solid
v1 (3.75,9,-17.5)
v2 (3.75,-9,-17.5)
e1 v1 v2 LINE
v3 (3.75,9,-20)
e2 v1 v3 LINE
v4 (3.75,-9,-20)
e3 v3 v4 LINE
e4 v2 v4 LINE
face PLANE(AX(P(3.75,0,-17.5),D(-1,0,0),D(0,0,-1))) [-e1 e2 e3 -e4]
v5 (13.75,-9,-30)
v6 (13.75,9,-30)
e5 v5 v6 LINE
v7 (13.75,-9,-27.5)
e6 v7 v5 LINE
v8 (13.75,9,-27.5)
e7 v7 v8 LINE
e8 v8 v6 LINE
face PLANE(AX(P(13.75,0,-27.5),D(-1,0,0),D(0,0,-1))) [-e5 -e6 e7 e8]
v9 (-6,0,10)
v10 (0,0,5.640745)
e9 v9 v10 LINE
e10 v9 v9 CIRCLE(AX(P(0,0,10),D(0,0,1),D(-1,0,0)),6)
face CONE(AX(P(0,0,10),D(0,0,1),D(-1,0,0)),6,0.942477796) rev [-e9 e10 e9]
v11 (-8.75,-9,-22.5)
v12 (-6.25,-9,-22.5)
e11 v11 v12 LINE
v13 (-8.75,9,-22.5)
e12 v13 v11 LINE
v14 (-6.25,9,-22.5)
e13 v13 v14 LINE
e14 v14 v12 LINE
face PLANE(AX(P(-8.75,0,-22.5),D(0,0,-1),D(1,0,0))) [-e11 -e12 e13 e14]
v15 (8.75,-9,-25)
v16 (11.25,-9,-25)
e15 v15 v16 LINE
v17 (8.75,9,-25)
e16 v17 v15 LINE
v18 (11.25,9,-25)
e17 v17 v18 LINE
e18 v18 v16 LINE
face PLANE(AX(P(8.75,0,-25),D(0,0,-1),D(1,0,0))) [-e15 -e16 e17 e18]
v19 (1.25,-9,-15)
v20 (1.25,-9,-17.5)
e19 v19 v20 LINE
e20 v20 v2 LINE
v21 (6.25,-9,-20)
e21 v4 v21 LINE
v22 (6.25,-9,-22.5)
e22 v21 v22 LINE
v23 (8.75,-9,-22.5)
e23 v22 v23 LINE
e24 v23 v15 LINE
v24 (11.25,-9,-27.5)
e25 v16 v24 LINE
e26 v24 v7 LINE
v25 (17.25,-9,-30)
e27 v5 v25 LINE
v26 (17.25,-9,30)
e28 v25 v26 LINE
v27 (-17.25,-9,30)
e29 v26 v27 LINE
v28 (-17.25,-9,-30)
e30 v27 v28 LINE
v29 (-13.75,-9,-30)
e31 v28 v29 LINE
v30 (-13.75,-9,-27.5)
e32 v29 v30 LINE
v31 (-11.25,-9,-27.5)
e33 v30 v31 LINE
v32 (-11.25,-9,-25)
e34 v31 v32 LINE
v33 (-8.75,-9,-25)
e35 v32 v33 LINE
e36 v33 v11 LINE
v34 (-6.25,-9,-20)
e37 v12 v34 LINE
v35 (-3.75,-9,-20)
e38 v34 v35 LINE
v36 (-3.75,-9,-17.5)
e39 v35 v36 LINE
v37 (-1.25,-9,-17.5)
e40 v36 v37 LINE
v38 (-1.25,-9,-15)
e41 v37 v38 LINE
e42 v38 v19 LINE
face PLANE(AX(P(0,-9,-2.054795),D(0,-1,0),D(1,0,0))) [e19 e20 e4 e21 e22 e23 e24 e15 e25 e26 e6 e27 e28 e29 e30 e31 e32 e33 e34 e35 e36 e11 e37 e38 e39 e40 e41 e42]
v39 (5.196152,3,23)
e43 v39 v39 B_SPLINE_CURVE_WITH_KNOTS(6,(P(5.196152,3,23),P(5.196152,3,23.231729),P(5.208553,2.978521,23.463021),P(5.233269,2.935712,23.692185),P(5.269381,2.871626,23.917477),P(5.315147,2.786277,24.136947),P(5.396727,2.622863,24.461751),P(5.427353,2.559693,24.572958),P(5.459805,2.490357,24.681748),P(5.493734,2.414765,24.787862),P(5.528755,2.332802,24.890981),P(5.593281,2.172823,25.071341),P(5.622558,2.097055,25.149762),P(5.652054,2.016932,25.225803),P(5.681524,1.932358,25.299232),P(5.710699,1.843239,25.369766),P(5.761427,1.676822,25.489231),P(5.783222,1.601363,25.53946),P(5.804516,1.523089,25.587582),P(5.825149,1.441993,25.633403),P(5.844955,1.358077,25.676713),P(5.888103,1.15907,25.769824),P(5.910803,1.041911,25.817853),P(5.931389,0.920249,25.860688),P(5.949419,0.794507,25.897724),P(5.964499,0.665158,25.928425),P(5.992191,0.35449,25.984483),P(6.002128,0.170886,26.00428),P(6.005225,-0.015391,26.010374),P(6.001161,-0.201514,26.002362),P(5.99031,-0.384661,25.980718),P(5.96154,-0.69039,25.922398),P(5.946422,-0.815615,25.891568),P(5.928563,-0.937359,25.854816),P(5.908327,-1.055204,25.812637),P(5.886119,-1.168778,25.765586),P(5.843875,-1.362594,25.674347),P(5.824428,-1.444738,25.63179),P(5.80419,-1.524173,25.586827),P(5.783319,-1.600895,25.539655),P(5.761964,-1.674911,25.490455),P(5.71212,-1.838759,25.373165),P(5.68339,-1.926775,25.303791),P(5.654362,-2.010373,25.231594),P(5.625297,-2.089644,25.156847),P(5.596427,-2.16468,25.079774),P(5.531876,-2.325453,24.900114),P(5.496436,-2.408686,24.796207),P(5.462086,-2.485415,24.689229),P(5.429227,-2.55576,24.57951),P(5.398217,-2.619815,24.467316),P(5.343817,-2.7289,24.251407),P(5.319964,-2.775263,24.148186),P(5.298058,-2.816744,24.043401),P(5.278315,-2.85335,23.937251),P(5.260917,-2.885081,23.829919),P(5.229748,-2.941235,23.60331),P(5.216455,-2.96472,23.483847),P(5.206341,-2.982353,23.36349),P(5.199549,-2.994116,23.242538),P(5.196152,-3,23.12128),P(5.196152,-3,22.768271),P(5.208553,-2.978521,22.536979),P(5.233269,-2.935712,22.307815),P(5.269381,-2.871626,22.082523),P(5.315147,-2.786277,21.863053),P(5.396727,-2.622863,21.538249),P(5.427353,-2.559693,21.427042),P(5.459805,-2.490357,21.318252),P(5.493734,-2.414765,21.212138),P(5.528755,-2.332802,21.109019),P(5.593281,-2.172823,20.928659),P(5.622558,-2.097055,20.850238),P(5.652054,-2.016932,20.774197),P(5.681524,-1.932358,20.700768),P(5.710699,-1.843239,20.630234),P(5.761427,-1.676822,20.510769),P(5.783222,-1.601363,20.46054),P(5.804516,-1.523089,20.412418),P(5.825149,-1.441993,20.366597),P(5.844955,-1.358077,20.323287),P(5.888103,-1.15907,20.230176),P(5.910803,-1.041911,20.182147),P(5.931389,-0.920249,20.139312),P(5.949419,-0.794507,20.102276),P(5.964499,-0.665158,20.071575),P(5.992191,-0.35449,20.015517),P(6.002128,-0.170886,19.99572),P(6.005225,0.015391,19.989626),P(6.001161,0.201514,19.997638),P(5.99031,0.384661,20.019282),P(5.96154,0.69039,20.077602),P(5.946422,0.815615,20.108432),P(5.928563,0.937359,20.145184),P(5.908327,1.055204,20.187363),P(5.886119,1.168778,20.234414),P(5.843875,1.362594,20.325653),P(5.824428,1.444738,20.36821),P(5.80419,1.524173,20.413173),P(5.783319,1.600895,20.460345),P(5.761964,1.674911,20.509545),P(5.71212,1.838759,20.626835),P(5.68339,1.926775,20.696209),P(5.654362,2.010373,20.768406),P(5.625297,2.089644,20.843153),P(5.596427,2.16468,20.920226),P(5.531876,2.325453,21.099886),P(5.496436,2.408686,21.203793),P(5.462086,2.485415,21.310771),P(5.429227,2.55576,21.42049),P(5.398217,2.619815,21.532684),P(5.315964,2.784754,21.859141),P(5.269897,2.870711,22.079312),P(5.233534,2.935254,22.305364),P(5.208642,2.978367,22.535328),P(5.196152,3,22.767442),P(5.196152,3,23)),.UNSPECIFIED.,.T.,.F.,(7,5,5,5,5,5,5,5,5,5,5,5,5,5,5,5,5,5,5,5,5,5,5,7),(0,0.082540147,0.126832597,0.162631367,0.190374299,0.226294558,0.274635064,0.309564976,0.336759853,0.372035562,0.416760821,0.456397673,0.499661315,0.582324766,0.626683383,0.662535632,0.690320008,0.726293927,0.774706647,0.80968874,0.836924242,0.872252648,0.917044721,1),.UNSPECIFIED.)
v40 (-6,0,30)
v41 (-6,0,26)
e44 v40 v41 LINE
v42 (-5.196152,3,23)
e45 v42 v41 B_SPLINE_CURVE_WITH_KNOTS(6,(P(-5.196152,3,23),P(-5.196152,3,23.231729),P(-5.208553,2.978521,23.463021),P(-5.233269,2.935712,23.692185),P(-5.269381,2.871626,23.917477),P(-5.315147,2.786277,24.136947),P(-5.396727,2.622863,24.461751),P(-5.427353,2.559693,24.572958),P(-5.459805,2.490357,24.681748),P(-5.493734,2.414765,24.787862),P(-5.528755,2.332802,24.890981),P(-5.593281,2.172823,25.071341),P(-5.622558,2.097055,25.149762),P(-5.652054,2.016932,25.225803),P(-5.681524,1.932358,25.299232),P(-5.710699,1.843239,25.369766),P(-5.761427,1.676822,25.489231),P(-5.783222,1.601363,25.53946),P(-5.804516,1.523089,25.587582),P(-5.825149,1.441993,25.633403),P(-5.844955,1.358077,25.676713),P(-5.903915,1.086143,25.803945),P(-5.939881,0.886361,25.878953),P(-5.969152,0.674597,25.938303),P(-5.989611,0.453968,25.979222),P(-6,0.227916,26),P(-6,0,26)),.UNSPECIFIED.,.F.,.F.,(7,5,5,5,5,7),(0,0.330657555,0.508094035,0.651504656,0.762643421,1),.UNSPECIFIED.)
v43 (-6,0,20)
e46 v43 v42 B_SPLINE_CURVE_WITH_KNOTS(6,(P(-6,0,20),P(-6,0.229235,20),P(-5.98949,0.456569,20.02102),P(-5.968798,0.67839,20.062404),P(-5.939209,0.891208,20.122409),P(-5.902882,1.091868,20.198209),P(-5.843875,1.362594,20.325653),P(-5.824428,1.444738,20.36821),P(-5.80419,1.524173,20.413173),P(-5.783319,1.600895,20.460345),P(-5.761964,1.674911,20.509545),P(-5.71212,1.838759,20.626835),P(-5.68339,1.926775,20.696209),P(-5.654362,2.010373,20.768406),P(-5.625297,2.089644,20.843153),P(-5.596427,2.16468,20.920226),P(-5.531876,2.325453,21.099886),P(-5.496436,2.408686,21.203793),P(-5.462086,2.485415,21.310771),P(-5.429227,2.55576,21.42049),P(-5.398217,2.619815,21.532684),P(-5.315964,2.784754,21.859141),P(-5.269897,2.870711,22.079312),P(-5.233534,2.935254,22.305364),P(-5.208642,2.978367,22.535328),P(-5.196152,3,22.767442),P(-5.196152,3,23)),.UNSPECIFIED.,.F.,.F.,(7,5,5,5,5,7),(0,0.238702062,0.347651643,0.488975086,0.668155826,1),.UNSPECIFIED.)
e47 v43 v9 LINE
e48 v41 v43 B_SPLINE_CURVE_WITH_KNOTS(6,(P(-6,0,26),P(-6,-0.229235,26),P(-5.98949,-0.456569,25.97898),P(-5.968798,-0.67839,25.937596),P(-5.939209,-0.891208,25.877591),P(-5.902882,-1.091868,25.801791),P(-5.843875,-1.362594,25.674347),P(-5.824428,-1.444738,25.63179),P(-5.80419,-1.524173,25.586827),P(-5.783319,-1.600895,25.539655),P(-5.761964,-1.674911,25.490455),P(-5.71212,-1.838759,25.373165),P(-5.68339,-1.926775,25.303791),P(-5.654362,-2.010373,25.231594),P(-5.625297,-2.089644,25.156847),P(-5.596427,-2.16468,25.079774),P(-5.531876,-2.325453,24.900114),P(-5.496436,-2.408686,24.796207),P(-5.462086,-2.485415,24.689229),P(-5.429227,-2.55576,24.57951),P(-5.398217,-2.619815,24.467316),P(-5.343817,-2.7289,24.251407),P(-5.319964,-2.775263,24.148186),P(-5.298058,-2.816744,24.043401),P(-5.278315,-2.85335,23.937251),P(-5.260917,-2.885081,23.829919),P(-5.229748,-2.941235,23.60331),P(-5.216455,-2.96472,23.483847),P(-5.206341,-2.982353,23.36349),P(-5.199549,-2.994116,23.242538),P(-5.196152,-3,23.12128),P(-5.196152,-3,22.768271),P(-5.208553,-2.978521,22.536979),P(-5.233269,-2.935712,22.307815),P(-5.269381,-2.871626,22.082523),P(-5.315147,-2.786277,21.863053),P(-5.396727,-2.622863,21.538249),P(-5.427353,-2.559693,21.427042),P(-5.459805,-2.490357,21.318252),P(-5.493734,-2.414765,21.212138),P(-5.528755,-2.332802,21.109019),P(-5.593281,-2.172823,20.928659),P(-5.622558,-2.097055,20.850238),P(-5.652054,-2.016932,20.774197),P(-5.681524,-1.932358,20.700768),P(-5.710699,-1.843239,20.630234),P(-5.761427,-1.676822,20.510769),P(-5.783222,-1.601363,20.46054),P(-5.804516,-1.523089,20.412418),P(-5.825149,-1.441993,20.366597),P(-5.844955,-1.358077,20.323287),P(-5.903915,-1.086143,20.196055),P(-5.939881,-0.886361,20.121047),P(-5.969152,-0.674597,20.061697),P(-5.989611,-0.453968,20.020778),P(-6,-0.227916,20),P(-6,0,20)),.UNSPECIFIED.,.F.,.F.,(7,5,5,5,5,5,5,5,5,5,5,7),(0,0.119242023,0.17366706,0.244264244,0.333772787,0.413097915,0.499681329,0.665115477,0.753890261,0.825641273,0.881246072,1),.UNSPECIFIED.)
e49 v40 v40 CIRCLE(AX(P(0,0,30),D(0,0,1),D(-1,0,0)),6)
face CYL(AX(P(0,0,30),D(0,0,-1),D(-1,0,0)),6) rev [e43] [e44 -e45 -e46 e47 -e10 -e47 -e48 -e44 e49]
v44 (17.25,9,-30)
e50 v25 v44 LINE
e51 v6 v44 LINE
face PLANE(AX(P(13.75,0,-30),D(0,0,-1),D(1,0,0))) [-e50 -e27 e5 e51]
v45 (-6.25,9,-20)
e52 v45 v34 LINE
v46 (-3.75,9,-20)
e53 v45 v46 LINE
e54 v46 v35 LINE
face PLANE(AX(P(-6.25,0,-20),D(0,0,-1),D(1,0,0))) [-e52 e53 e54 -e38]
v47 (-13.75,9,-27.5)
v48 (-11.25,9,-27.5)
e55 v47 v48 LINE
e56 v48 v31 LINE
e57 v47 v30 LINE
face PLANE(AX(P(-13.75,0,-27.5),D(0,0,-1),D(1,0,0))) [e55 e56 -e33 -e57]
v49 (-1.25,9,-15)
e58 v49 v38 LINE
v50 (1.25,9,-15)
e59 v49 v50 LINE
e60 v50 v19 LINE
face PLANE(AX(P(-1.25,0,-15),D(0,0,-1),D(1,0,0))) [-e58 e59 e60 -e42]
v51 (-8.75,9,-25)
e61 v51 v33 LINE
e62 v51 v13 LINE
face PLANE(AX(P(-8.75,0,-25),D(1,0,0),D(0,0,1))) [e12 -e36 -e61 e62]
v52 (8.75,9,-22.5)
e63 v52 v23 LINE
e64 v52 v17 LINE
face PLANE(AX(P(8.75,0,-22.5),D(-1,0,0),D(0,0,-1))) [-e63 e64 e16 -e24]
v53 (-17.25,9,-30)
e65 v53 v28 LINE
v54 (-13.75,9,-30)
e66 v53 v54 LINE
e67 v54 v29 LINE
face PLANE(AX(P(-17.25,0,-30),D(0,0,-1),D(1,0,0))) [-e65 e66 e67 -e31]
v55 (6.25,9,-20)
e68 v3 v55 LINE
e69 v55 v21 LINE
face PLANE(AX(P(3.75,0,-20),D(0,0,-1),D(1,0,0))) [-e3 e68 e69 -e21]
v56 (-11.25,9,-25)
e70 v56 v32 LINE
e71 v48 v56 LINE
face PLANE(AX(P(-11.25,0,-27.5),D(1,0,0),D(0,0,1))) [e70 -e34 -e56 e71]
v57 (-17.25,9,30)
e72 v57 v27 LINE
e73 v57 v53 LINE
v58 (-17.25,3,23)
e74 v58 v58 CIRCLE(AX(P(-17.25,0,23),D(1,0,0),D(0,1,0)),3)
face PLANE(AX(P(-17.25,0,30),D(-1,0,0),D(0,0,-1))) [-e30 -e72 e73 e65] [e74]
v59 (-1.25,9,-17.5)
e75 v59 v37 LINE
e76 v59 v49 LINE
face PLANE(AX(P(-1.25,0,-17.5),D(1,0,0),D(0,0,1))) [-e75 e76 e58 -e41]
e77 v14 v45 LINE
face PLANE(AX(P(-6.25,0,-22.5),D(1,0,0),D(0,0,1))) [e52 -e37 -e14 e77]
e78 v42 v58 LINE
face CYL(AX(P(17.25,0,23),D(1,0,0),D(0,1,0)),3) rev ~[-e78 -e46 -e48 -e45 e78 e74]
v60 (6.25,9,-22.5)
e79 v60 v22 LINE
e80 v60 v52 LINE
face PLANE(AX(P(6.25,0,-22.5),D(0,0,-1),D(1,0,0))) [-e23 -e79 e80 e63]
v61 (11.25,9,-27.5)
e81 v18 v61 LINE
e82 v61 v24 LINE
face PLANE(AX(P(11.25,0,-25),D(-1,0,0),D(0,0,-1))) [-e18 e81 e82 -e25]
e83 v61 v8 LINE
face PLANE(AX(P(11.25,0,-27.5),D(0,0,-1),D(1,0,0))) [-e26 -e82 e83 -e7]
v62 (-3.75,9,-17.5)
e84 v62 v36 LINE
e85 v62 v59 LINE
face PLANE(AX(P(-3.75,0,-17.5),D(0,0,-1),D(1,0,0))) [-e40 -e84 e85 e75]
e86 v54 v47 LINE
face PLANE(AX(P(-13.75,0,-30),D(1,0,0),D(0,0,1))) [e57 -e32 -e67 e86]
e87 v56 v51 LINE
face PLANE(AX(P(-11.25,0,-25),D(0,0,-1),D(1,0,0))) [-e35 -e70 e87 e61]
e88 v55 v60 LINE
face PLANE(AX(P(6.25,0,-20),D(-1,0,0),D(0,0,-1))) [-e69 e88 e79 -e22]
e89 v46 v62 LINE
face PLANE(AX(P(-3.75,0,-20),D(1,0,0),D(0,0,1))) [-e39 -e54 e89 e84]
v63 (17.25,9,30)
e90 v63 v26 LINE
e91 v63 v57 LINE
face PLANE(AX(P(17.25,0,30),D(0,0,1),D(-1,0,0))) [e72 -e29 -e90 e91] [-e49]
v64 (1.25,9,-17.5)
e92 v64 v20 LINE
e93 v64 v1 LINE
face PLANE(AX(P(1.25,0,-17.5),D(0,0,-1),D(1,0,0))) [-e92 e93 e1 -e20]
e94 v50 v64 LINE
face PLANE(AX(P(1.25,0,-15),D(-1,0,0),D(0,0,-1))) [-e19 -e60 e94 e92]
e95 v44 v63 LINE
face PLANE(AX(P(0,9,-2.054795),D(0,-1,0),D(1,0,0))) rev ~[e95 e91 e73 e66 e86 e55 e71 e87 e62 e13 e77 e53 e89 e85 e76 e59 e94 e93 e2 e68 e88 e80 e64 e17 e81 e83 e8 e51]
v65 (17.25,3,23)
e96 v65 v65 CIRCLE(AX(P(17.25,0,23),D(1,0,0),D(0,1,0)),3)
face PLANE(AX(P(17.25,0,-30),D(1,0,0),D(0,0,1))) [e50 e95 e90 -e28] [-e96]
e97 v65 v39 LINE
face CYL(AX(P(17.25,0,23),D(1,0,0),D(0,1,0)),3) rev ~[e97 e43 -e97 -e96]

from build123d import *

# Parameters (mm, degrees)
F1_DEPTH = 9
F2_R     = 3
F3_DEPTH = 35


with BuildPart() as f1:
    # F0 (on Front) → F1 (new body, symmetric)
    with BuildSketch(Plane.XZ):
        Polygon((17.25, -30), (17.25, 30), (-17.25, 30), (-17.25, -30), (-13.75, -30), (-13.75, -27.5), (-11.25, -27.5), (-11.25, -25), (-8.75, -25), (-8.75, -22.5), (-6.25, -22.5), (-6.25, -20), (-3.75, -20), (-3.75, -17.5), (-1.25, -17.5), (-1.25, -15), (1.25, -15), (1.25, -17.5), (3.75, -17.5), (3.75, -20), (6.25, -20), (6.25, -22.5), (8.75, -22.5), (8.75, -25), (11.25, -25), (11.25, -27.5), (13.75, -27.5), (13.75, -30), align=None)
    extrude(amount=F1_DEPTH, both=True)

    # F2 (on face) → F3 (cut)
    with BuildSketch(Plane.YZ.offset(17.25)):
        with Locations((0, 23)):
            Circle(F2_R)
    extrude(amount=-F3_DEPTH, mode=Mode.SUBTRACT)

    # F5 (on mid) → F6 (revolve, cut)
    with BuildSketch(Plane.XZ):
        Polygon((0, 30), (-6, 30), (-6, 10), (0, 5.640744832), align=None)
    revolve(axis=Axis((0, 0, 17.820372416), (0, 0, 1)), mode=Mode.SUBTRACT)


solid = f1.part
